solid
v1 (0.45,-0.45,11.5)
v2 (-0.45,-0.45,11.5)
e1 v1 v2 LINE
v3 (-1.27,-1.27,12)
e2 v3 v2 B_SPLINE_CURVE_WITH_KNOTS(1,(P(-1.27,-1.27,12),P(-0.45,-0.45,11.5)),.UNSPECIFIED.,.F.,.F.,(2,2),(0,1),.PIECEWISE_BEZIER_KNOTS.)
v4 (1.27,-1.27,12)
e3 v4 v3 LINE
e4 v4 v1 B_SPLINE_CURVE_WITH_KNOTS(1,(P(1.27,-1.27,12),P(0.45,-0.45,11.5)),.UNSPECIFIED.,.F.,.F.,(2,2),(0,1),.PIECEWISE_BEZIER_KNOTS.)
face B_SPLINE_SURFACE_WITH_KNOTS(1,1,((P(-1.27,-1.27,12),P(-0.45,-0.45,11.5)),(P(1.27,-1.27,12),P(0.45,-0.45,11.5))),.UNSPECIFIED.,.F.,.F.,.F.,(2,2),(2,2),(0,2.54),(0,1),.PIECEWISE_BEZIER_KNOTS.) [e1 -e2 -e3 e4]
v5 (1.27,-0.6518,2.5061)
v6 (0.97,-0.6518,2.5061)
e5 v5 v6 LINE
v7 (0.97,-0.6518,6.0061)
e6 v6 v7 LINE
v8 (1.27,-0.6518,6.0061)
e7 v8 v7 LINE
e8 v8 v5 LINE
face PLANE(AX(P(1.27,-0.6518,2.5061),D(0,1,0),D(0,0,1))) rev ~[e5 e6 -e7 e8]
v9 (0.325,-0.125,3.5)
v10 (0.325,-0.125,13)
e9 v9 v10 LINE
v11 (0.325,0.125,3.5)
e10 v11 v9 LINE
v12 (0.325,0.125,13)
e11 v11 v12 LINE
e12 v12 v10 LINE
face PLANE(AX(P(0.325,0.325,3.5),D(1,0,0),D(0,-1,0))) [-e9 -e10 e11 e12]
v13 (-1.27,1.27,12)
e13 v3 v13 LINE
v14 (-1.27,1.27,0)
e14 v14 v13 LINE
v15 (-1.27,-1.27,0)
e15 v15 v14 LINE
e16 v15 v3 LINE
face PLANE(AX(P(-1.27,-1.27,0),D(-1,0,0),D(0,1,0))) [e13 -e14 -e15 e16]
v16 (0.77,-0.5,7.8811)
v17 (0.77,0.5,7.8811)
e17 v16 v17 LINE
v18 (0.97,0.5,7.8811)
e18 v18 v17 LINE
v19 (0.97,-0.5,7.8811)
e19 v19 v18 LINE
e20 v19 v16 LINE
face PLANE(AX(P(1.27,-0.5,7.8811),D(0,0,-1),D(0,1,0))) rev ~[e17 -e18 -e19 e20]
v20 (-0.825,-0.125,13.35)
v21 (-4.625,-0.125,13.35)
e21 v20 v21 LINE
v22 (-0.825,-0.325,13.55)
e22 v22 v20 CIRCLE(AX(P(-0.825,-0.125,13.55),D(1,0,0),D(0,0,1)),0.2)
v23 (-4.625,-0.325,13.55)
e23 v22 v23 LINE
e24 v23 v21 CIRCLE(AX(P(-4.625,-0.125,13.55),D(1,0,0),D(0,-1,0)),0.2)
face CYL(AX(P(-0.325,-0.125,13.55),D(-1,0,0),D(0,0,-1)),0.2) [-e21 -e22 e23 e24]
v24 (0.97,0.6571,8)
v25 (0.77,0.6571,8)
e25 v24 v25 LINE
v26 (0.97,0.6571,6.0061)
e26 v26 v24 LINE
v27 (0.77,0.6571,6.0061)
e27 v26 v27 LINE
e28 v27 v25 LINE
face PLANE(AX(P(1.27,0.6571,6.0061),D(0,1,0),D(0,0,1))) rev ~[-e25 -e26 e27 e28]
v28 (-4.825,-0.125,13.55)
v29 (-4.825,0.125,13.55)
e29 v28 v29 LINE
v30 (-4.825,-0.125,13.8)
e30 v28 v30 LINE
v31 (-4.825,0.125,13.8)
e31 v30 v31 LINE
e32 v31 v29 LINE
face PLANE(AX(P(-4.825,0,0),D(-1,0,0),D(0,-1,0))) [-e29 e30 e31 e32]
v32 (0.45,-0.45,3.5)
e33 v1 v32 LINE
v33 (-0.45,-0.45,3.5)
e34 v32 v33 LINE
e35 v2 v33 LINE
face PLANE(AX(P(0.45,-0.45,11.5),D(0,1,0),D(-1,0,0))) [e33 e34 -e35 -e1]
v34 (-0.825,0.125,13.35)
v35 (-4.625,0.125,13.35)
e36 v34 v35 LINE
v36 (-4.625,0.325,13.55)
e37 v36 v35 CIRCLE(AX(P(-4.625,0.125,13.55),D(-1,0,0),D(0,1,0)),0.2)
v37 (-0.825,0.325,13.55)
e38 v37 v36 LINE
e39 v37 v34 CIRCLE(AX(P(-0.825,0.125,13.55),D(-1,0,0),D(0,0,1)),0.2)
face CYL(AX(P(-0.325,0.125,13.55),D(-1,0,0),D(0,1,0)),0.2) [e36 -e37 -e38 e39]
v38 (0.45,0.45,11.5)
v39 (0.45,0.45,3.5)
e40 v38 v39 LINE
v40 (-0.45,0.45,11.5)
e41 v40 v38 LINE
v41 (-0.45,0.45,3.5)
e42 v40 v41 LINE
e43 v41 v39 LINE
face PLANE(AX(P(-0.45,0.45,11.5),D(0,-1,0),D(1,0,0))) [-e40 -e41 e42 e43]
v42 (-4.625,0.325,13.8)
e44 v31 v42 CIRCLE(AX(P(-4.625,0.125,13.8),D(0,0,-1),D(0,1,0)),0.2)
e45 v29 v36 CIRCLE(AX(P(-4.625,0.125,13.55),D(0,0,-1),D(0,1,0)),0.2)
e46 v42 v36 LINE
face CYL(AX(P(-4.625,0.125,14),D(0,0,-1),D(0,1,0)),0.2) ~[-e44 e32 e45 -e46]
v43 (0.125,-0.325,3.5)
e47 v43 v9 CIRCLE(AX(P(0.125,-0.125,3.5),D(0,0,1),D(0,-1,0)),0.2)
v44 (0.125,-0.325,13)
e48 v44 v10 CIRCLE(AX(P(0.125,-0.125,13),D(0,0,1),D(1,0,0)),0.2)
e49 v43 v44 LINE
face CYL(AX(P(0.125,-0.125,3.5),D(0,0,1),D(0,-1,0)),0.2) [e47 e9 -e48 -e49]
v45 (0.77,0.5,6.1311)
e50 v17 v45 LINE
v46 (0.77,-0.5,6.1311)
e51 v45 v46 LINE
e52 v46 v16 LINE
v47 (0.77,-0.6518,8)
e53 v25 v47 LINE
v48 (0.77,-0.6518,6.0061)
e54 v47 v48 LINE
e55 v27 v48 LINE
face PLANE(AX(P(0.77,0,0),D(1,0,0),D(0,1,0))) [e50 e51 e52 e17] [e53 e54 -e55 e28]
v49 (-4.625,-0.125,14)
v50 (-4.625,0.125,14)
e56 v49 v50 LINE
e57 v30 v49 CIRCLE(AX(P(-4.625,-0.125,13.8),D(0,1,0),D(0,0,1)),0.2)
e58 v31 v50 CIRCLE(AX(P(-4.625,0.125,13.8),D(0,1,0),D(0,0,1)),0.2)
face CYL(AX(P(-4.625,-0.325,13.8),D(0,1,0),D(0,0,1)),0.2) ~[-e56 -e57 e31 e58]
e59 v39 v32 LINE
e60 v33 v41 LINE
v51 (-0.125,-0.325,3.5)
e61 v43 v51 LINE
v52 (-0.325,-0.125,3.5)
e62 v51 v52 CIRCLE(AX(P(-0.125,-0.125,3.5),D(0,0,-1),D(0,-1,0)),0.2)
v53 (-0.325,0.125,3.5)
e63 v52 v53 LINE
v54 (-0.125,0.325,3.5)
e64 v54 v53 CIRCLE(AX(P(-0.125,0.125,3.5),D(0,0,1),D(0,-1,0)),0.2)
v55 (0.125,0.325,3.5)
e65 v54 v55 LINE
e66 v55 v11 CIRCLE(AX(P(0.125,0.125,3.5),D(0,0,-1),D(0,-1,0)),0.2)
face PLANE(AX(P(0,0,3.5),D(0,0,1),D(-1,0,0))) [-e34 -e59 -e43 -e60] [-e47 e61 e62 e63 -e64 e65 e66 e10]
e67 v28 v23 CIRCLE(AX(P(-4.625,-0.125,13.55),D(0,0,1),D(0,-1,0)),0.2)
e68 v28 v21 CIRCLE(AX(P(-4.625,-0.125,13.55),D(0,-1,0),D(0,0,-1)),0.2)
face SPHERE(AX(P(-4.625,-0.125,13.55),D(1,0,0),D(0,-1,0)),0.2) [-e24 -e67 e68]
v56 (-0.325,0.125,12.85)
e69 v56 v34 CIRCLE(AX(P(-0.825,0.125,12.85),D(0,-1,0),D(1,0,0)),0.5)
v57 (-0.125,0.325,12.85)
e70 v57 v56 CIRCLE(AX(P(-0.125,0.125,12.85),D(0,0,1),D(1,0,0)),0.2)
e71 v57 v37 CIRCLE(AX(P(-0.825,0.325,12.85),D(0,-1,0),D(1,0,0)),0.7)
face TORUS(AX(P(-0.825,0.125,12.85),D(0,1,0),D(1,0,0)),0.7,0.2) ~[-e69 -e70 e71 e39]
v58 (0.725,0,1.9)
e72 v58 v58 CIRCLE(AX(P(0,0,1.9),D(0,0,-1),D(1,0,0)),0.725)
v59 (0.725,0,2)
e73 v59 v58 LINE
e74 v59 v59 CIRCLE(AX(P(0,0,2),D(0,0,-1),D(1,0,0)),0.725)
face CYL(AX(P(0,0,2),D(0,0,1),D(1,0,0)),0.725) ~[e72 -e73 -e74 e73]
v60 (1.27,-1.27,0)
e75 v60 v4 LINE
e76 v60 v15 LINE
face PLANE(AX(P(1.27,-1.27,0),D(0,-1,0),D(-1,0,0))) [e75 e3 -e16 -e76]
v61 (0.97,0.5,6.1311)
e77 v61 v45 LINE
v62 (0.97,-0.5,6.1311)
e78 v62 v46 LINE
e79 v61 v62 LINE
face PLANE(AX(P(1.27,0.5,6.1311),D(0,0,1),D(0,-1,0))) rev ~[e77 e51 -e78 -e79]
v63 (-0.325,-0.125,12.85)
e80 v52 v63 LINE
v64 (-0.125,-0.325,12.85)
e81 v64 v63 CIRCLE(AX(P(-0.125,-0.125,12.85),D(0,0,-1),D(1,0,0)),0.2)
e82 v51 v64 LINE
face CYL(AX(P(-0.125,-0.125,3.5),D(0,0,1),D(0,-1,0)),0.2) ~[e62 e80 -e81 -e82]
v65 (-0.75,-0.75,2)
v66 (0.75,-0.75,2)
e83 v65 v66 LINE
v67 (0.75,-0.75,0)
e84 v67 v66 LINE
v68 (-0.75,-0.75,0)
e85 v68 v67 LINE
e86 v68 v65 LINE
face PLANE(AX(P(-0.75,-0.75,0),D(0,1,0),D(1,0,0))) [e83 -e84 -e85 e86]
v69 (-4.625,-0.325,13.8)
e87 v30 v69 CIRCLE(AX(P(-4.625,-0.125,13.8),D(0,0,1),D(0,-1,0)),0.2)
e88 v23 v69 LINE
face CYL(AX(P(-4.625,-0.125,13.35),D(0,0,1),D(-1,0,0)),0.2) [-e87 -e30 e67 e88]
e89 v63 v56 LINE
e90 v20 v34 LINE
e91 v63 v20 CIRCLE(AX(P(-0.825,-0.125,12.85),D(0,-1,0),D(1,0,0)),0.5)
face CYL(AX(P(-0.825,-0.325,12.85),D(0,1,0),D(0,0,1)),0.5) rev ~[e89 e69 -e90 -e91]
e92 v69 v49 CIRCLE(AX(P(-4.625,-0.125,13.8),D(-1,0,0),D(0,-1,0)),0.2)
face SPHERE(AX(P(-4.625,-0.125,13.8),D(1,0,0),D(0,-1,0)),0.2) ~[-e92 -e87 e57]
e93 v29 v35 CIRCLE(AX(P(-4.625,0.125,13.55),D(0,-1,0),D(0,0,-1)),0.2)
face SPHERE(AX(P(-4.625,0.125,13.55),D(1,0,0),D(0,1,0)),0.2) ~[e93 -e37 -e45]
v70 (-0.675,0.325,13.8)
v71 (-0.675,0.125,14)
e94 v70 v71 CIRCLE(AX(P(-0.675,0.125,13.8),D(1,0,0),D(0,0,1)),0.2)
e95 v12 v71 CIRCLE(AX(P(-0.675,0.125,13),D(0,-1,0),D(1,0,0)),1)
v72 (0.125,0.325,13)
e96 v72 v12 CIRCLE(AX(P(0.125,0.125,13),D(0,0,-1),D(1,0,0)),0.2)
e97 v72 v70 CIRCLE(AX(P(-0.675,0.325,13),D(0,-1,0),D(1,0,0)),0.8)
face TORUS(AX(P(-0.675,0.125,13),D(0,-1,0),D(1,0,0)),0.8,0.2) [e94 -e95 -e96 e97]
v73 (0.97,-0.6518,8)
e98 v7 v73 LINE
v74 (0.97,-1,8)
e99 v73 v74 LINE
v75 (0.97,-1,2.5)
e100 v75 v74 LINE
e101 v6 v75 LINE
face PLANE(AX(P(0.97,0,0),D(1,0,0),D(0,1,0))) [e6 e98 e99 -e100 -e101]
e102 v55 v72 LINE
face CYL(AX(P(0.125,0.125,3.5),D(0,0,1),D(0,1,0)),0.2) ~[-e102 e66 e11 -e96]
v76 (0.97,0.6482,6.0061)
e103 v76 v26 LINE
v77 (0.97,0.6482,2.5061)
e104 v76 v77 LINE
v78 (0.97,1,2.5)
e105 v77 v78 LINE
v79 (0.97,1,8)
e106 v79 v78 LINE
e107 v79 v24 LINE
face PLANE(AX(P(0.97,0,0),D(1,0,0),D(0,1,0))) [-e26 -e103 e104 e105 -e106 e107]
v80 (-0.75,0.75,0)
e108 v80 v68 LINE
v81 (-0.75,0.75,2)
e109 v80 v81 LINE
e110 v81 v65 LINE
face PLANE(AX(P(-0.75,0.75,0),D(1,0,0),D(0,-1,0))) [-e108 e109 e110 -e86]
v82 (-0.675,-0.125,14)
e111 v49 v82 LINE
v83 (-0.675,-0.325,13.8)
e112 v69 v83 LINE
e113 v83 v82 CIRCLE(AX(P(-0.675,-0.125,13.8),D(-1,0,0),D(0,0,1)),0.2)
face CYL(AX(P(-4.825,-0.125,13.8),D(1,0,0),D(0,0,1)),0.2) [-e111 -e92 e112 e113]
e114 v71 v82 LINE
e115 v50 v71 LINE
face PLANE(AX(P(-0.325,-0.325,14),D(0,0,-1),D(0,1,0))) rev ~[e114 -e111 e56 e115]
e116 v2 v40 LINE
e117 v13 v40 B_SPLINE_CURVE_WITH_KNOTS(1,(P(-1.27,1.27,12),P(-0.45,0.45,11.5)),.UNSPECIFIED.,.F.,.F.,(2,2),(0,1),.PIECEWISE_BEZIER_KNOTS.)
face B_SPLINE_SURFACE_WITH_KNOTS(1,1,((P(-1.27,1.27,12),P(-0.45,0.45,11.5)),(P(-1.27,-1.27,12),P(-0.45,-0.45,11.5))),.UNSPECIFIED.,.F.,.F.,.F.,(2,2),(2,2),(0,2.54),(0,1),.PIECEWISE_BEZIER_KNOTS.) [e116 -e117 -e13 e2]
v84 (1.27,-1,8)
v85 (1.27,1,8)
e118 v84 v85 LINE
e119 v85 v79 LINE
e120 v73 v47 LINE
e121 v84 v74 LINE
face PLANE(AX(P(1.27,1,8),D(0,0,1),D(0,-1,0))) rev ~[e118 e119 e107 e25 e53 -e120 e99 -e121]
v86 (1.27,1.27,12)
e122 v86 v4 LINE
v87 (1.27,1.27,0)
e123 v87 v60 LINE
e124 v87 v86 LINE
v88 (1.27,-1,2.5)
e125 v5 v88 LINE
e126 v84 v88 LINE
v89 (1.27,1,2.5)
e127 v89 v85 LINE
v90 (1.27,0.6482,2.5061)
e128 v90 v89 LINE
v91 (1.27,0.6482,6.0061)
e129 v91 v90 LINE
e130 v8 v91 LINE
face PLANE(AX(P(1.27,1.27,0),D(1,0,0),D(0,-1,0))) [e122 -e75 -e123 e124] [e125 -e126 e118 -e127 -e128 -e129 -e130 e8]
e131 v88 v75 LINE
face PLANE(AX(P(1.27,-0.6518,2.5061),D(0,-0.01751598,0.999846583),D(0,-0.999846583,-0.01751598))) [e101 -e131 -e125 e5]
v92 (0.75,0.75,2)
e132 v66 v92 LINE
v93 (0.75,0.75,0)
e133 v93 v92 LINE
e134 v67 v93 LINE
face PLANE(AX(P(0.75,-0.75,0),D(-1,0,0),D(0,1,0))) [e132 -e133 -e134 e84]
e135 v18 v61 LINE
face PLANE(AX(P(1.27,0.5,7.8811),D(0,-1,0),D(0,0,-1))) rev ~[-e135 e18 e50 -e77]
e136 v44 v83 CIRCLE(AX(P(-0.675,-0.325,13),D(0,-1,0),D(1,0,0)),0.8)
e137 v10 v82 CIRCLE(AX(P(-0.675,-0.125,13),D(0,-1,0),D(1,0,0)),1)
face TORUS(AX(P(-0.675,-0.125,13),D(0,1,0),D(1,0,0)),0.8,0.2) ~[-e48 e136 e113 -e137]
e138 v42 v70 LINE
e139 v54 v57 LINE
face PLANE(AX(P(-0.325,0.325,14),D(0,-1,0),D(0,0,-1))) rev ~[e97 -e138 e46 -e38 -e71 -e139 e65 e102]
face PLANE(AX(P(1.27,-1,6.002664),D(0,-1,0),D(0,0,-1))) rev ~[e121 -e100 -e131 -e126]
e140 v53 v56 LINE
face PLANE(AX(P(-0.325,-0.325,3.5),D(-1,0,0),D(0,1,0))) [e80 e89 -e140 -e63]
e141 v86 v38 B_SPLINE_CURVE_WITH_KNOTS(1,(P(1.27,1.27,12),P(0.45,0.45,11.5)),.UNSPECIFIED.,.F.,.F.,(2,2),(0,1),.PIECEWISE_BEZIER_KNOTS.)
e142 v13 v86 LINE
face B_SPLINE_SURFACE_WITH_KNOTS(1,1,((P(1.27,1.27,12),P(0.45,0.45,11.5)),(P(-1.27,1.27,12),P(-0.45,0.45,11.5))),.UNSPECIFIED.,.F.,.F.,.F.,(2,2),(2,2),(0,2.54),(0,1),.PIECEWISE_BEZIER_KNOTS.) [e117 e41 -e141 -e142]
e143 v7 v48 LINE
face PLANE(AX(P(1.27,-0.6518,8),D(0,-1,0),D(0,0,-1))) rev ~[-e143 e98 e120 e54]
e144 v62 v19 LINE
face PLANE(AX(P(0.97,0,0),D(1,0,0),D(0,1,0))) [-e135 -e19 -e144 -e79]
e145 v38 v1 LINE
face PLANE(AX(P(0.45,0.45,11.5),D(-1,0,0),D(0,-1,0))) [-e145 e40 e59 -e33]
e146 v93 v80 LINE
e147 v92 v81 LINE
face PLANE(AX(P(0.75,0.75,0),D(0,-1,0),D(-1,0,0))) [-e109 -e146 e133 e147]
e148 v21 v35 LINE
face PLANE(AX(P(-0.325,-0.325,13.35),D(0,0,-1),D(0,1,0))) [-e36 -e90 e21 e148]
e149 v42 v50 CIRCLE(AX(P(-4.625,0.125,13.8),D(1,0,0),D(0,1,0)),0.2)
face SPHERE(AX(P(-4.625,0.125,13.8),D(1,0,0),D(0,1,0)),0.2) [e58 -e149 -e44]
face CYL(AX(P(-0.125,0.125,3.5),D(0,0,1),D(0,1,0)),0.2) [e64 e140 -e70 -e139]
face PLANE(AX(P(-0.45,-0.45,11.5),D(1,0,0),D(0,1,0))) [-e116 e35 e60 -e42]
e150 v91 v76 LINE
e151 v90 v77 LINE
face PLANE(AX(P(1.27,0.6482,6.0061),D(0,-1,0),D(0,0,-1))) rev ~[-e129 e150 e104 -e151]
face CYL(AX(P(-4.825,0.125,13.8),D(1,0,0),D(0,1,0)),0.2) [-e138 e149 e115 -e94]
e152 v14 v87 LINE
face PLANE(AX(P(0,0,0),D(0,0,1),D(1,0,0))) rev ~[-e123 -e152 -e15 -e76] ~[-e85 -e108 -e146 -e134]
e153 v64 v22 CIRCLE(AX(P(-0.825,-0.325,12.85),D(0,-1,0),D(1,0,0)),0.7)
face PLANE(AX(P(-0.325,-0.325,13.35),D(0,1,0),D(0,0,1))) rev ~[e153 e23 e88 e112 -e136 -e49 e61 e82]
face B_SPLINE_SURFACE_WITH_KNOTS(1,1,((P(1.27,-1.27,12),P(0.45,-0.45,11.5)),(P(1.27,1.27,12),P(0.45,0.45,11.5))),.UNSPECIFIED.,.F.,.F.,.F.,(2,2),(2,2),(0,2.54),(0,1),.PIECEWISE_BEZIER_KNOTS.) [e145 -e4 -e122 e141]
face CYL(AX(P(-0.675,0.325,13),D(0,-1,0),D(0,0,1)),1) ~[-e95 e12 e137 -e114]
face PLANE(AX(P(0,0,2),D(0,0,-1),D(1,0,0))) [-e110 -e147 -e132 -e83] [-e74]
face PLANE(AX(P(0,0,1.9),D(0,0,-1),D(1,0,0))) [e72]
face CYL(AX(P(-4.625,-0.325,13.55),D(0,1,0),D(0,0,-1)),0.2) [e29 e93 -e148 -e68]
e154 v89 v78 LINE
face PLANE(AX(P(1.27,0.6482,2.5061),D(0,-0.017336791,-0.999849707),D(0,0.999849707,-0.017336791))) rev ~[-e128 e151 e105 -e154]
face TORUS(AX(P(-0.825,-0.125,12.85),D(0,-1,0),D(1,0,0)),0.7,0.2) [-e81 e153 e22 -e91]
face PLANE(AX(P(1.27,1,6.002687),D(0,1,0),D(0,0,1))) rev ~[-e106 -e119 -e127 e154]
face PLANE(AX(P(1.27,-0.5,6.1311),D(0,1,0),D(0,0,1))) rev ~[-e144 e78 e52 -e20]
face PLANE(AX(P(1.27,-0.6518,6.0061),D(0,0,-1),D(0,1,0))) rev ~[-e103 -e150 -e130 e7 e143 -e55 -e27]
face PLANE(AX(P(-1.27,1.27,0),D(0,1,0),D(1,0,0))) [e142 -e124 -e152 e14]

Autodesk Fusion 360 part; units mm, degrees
sketch "Sketch1" plane through (0, 0, 0) normal (0, 0, 1) x (1, 0, 0)
  line L0 (1.27, -1.27) -> (-1.27, -1.27)
  line L1 (-1.27, -1.27) -> (-1.27, 1.27)
  line L2 (-1.27, 1.27) -> (1.27, 1.27)
  line L3 (1.27, 1.27) -> (1.27, -1.27)
  line L4 (1.27, -1.27) -> (-1.27, 1.27) construction
  line L5 (-1.27, -1.27) -> (1.27, 1.27) construction
  dimension "d1" = 2.54
  dimension "d2" = 2.54
extrude "Extrude1" add sketch "Sketch1" along normal blind 12
sketch "Sketch2" plane through (0, 0, 12) normal (0, 0, 1) x (-1, 0, 0)
  line L0 (-1.27, -1.27) -> (1.27, -1.27)
  line L1 (1.27, -1.27) -> (1.27, 1.27)
  line L2 (1.27, 1.27) -> (-1.27, 1.27)
  line L3 (-1.27, 1.27) -> (-1.27, -1.27)
  line L4 (-0.45, 0.45) -> (0.45, 0.45)
  line L5 (0.45, 0.45) -> (0.45, -0.45)
  line L6 (0.45, -0.45) -> (-0.45, -0.45)
  line L7 (-0.45, -0.45) -> (-0.45, 0.45)
  line L8 (-0.45, 0.45) -> (0.45, -0.45) construction
  line L9 (0.45, 0.45) -> (-0.45, -0.45) construction
  dimension "d5" = 0.9
  dimension "d6" = 0.9
extrude "Extrude2" cut sketch "Sketch2" against normal blind 0.5 contours L4 L5 L6 L7
loft "Loft1" cut profiles "Sketch2" section 1 section 2 face at (0.15, -0.15, 11.5)
extrude "Extrude3" cut 1 faces at (0.15, -0.15, 11.5) along direction (0, 0, -1) blind 8
sketch "Sketch3" plane through (1.27, 0, 0) normal (1, 0, 0) x (0, 1, 0)
  line L0 (-1.27, 0) -> (1.27, 0)
  line L1 (1.27, 0) -> (1.27, 12)
  line L2 (1.27, 12) -> (-1.27, 12)
  line L3 (-1.27, 12) -> (-1.27, 0)
  line L4 (1, 8) -> (-1, 8)
  line L5 (-1, 8) -> (-1, 2.5)
  line L6 (-1, 2.5) -> (1, 2.5)
  line L7 (1, 2.5) -> (1, 8)
  line L8 (1, 8) -> (-1, 2.5) construction
  line L9 (-1, 8) -> (1, 2.5) construction
  line L10 (0.6482, 2.5061) -> (-0.6518, 2.5061)
  line L11 (-0.6518, 2.5061) -> (-0.6518, 6.0061)
  line L12 (-0.6518, 6.0061) -> (0.6482, 6.0061)
  line L13 (0.6482, 6.0061) -> (0.6482, 2.5061)
  line L14 (0.6482, 2.5061) -> (-0.6518, 6.0061) construction
  line L15 (-0.6518, 2.5061) -> (0.6482, 6.0061) construction
  line L16 (-0.6518, 6.0061) -> (0.6571, 6.0061)
  line L17 (0.6571, 6.0061) -> (0.6571, 8.0061)
  line L18 (0.6571, 8.0061) -> (-0.6518, 8.0061)
  line L19 (-0.6518, 8.0061) -> (-0.6518, 6.0061)
  line L20 (0.5, 6.1311) -> (-0.5, 6.1311)
  line L21 (-0.5, 6.1311) -> (-0.5, 7.8811)
  line L22 (-0.5, 7.8811) -> (0.5, 7.8811)
  line L23 (0.5, 7.8811) -> (0.5, 6.1311)
  line L24 (0.5, 6.1311) -> (-0.5, 7.8811) construction
  line L25 (-0.5, 6.1311) -> (0.5, 7.8811) construction
  line L26 (-1.27, 6) -> (-0.6518, 6.0061)
  line L27 (0.6571, 6.0061) -> (1.27, 6)
  line L28 (0.6482, 2.5061) -> (1, 2.5)
  line L29 (-0.6518, 2.5061) -> (-1, 2.5)
  point P0 (0, 5.25)
  point P1 (-0.0018, 4.2561)
  point P2 (0, 7.0061)
  dimension "d11" = 5.5
  dimension "d12" = 2.5
  dimension "d13" = 1.3
  dimension "d14" = 3.5
  dimension "d15" = 2
  dimension "d16" = 1
  dimension "d17" = 1.75
  dimension "d31" = 0.125
extrude "Extrude4" cut sketch "Sketch3" against normal blind 0.3 contours L5 L11 L26 L29 | L4 L5 L19 L26 | L4 L7 L17 L27 | L7 L13 L16 L27 L28
extrude "Extrude5" cut sketch "Sketch3" against normal blind 0.5 contours L4 L12 L16 L17 L19
extrude "Extrude6" cut sketch "Sketch3" against normal blind 0.3 contours L20 L21 L22 L23
sketch "Sketch4" plane through (0, 0, 0) normal (0, 0, -1) x (1, 0, 0)
  line L0 (-1.27, -1.27) -> (1.27, -1.27)
  line L1 (1.27, -1.27) -> (1.27, 1.27)
  line L2 (1.27, 1.27) -> (-1.27, 1.27)
  line L3 (-1.27, 1.27) -> (-1.27, -1.27)
  line L4 (0.75, -0.75) -> (-0.75, -0.75)
  line L5 (-0.75, -0.75) -> (-0.75, 0.75)
  line L6 (-0.75, 0.75) -> (0.75, 0.75)
  line L7 (0.75, 0.75) -> (0.75, -0.75)
  line L8 (0.75, -0.75) -> (-0.75, 0.75) construction
  line L9 (-0.75, -0.75) -> (0.75, 0.75) construction
  dimension "d24" = 1.5
  dimension "d25" = 1.5
extrude "Extrude7" cut sketch "Sketch4" against normal blind 2 contours L4 L5 L6 L7
sketch "Sketch5" plane through (0, 0, 2) normal (0, 0, -1) x (1, 0, 0)
  line L0 (0.75, 0.75) -> (-0.75, 0.75)
  line L1 (-0.75, 0.75) -> (-0.75, -0.75)
  line L2 (-0.75, -0.75) -> (0.75, -0.75)
  line L3 (0.75, -0.75) -> (0.75, 0.75)
  circle A0 centre (0, 0) radius 0.725
  dimension "d28" = 1.45
extrude "Extrude8" add sketch "Sketch5" along normal blind 0.1 contours A0
sketch "Sketch6" plane through (0, 0, 3.5) normal (0, 0, 1) x (-1, 0, 0)
  line L0 (-0.45, -0.45) -> (0.45, -0.45)
  line L1 (0.45, -0.45) -> (0.45, 0.45)
  line L2 (0.45, 0.45) -> (-0.45, 0.45)
  line L3 (-0.45, 0.45) -> (-0.45, -0.45)
  line L4 (-0.325, 0.325) -> (0.325, 0.325)
  line L5 (0.325, 0.325) -> (0.325, -0.325)
  line L6 (0.325, -0.325) -> (-0.325, -0.325)
  line L7 (-0.325, -0.325) -> (-0.325, 0.325)
  line L8 (-0.325, 0.325) -> (0.325, -0.325) construction
  line L9 (0.325, 0.325) -> (-0.325, -0.325) construction
  dimension "d32" = 0.65
  dimension "d33" = 0.65
extrude "Extrude9" add sketch "Sketch6" along normal blind 10.5 contours L4 L5 L6 L7
sketch "Sketch7" plane through (-0.325, 0, 0) normal (-1, 0, 0) x (0, -1, 0)
  line L0 (-0.325, 3.5) -> (0.325, 3.5)
  line L1 (0.325, 3.5) -> (0.325, 14)
  line L2 (0.325, 14) -> (-0.325, 14)
  line L3 (-0.325, 14) -> (-0.325, 3.5)
  line L4 (-0.325, 14) -> (0.325, 14)
  line L5 (0.325, 14) -> (0.325, 13.35)
  line L6 (0.325, 13.35) -> (-0.325, 13.35)
  line L7 (-0.325, 13.35) -> (-0.325, 14)
  dimension "d38" = 0.65
extrude "Extrude10" add sketch "Sketch7" along normal blind 4.5 contours L1 L2 L3 L4 L5 L6 L7
fillet "Fillet1" radius 0.2 12 edges at (0.325, -0.325, 8.75) (-0.325, -0.325, 8.425) (0.325, 0.325, 8.75) (-0.325, 0.325, 8.425) (-2.25, 0.325, 14) (-2.25, -0.325, 14) (-2.575, -0.325, 13.35) (-2.575, 0.325, 13.35) (-4.825, -0.325, 13.675) (-4.825, 0.325, 13.675) (-4.825, 0, 14) (-4.825, 0, 13.35)
fillet "Fillet1" radius 1 1 edges at (0.325, 0, 14)
fillet "Fillet1" radius 0.5 1 edges at (-0.325, 0, 13.35)
equation "d34 = 8.50 mm + 2 mm"
